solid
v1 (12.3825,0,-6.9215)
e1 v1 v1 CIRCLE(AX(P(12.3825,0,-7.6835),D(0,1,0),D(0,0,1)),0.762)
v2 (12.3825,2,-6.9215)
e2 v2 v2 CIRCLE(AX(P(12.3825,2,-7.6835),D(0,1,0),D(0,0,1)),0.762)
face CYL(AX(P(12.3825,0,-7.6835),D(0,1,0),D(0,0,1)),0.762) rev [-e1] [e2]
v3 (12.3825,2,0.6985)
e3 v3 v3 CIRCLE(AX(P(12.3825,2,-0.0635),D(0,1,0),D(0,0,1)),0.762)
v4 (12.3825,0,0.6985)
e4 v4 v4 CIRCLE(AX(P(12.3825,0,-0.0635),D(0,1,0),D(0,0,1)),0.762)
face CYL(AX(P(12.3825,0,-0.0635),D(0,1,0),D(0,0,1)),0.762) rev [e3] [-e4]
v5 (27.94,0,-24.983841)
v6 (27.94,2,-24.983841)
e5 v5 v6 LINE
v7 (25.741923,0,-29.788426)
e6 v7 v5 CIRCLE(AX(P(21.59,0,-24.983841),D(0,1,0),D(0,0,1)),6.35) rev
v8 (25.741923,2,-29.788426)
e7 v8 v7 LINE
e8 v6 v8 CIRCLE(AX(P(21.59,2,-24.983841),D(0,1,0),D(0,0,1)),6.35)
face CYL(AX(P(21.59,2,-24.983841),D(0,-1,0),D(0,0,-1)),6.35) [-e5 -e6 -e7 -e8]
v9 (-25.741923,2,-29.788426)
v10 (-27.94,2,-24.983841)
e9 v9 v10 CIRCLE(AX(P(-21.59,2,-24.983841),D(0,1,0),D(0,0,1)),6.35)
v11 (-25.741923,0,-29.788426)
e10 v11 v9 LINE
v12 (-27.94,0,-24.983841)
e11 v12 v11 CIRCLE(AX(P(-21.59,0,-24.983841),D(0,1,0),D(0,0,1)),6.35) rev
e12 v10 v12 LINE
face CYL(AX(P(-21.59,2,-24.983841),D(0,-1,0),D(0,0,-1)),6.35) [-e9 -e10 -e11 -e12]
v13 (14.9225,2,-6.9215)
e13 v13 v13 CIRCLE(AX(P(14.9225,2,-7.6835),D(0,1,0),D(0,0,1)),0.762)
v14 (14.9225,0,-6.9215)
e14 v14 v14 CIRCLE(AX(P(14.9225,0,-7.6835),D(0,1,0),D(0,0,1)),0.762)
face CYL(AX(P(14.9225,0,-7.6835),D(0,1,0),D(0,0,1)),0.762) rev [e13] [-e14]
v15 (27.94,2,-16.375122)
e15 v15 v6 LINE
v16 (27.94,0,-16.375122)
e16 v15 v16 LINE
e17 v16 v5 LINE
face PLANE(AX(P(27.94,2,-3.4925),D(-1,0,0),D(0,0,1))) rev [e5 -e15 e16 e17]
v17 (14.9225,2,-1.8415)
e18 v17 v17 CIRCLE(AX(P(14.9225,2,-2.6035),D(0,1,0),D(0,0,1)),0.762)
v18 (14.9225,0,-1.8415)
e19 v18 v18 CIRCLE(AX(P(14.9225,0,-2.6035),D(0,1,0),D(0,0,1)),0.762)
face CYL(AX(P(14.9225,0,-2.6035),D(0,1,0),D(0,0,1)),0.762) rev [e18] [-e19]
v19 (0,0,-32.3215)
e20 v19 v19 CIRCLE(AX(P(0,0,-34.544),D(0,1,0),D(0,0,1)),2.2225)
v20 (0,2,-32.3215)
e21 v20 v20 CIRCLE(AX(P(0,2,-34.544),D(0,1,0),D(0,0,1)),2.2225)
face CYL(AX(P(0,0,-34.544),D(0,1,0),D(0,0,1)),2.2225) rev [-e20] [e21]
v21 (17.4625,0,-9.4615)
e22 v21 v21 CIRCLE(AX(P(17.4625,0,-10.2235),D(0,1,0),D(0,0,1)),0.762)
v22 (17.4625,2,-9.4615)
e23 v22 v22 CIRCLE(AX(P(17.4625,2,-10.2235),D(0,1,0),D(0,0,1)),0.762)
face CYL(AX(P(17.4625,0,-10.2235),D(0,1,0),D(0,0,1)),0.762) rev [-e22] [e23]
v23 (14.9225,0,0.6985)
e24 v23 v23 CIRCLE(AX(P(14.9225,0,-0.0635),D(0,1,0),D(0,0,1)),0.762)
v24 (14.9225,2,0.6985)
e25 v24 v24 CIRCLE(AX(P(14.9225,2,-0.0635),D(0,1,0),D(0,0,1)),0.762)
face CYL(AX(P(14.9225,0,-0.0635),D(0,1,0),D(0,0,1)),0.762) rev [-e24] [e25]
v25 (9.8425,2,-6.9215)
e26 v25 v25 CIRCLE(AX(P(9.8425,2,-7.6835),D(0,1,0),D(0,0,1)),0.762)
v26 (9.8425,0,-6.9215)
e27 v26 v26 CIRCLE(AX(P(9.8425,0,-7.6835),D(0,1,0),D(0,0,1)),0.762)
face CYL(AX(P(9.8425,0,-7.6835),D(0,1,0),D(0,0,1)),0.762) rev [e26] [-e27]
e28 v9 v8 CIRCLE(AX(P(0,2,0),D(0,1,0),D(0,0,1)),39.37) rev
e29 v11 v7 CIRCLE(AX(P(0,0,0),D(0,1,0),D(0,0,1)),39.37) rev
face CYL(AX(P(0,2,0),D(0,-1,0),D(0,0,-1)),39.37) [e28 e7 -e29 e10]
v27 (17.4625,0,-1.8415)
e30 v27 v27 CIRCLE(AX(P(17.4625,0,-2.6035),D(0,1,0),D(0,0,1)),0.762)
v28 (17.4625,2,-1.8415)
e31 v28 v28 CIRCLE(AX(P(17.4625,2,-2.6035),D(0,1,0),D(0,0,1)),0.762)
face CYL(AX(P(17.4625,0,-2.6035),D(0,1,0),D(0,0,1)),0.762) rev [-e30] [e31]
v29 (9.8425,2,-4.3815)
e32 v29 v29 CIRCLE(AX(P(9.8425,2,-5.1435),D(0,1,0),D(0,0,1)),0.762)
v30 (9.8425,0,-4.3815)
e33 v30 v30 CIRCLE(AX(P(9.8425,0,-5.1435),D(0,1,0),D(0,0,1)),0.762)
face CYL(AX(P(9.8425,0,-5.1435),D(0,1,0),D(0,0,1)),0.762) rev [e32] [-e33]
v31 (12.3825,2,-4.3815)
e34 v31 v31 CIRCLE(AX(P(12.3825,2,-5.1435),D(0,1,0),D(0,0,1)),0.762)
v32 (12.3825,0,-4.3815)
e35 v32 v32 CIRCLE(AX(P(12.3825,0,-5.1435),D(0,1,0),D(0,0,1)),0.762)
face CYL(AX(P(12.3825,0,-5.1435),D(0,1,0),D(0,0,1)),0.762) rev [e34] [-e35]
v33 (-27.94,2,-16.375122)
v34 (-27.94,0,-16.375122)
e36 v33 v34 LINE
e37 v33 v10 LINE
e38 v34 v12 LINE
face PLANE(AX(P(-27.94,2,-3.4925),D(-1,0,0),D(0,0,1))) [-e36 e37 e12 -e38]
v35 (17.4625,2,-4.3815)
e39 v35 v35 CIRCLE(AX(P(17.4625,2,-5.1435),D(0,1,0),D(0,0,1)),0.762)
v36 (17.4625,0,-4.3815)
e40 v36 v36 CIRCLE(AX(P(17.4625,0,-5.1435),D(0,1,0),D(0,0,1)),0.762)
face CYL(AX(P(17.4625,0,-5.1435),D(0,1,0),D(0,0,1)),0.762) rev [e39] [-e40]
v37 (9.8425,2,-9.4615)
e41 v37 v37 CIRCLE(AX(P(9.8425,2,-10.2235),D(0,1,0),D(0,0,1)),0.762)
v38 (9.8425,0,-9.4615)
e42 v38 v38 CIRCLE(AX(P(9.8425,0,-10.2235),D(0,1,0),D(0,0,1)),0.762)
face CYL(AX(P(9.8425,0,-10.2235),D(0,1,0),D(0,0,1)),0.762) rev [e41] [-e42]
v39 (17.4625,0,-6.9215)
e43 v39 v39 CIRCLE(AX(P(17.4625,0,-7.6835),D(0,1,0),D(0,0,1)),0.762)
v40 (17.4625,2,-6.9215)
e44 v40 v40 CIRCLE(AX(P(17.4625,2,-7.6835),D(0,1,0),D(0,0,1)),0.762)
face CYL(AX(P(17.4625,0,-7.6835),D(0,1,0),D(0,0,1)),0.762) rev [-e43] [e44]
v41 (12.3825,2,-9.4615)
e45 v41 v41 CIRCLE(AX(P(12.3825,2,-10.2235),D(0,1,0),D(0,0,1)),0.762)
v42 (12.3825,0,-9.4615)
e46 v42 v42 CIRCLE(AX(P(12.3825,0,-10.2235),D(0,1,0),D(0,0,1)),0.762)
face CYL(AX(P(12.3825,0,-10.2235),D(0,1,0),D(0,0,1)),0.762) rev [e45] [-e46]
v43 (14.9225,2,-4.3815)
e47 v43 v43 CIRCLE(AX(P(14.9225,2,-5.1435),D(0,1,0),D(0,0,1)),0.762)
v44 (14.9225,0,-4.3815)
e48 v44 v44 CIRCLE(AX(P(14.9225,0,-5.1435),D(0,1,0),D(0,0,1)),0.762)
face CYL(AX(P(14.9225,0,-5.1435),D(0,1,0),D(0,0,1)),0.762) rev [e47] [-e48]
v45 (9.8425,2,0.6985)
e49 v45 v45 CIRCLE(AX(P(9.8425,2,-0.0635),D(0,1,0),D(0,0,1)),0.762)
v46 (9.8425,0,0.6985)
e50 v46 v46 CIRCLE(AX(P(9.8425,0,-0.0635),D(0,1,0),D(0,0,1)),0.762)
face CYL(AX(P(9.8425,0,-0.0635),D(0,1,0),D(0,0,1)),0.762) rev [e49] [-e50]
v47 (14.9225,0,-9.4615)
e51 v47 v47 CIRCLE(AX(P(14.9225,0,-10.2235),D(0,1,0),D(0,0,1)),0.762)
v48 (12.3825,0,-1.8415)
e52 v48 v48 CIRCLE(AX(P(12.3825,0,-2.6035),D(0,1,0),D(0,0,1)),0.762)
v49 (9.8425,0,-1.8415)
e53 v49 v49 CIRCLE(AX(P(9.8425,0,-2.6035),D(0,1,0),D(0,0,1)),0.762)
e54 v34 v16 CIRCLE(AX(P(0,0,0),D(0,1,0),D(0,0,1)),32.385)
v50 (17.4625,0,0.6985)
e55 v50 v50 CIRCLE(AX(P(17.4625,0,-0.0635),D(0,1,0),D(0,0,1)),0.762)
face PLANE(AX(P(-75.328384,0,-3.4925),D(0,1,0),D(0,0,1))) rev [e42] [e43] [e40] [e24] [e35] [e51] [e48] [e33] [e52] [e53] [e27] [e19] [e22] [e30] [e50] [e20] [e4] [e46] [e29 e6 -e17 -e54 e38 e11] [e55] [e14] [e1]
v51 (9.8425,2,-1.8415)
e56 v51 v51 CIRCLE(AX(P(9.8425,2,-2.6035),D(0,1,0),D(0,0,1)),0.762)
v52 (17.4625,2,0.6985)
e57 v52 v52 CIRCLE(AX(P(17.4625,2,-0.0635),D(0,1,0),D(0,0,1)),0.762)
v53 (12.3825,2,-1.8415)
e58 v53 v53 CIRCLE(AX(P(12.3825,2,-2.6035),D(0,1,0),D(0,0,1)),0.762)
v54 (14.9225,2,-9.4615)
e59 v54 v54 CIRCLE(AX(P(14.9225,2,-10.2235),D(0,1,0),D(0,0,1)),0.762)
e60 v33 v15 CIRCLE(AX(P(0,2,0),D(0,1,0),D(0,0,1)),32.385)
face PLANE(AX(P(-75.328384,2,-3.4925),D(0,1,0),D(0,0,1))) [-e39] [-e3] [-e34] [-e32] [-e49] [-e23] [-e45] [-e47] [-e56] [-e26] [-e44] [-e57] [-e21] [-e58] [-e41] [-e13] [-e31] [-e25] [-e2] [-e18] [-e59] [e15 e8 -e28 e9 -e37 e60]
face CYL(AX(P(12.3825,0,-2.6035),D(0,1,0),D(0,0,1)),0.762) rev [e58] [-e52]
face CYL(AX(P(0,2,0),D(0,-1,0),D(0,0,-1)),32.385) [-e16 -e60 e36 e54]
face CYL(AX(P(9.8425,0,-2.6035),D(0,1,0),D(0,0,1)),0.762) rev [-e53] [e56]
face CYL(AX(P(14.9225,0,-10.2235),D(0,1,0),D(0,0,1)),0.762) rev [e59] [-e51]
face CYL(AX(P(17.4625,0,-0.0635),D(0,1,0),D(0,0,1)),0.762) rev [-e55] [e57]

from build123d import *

# Parameters (mm, degrees)
SKETCH1_R           = 32.385
BOSS_EXTRUDE1_DEPTH = 2
FILLET1_R           = 6.35
SKETCH2_R           = 2.2225
CUT_EXTRUDE1_DEPTH  = 52.017498224
SKETCH5_R           = 0.762
CUT_EXTRUDE2_DEPTH  = 52.017498224


with BuildPart() as part:
    # Sketch1 → Boss-Extrude1 (new body)
    with BuildSketch(Plane(origin=(0, 0, 0), x_dir=(1, 0, 0), z_dir=(0, 1, 0))):
        Circle(SKETCH1_R)
        with BuildLine():
            Line((-27.94, 27.737218678), (-27.94, 16.375122137))
            ThreePointArc((-27.94, 16.375122137), (0, 32.385), (27.94, 16.375122137))
            Line((27.94, 16.375122137), (27.94, 27.737218678))
            ThreePointArc((27.94, 27.737218678), (0, 39.37), (-27.94, 27.737218678))
        make_face()
    extrude(amount=BOSS_EXTRUDE1_DEPTH)

    # Fillet1
    fillet1_edges = [part.edges().sort_by_distance(p)[0] for p in [
        (-27.94, 1, -27.737218678),
        (27.94, 1, -27.737218678),
    ]]
    fillet(fillet1_edges, radius=FILLET1_R)

    # Sketch2 → Cut-Extrude1 (cut, through all)
    with BuildSketch(Plane(origin=(0, 2, 0), x_dir=(1, 0, 0), z_dir=(0, 1, 0))):
        with Locations(Location((0, 34.544, 0), (0, 0, 270))):
            Circle(SKETCH2_R)
    extrude(amount=-CUT_EXTRUDE1_DEPTH, mode=Mode.SUBTRACT)

    # Sketch5 → Cut-Extrude2 (cut, through all)
    with BuildSketch(Plane(origin=(0, 2, 0), x_dir=(1, 0, 0), z_dir=(0, 1, 0))):
        with Locations(Location((9.8425, 10.2235, 0), (0, 0, 270))):
            Circle(SKETCH5_R)
        with Locations(Location((12.3825, 10.2235, 0), (0, 0, 270))):
            Circle(SKETCH5_R)
        with Locations(Location((14.9225, 10.2235, 0), (0, 0, 270))):
            Circle(SKETCH5_R)
        with Locations(Location((17.4625, 10.2235, 0), (0, 0, 270))):
            Circle(SKETCH5_R)
        with Locations(Location((9.8425, 7.6835, 0), (0, 0, 270))):
            Circle(SKETCH5_R)
        with Locations(Location((12.3825, 7.6835, 0), (0, 0, 270))):
            Circle(SKETCH5_R)
        with Locations(Location((14.9225, 7.6835, 0), (0, 0, 270))):
            Circle(SKETCH5_R)
        with Locations(Location((17.4625, 7.6835, 0), (0, 0, 270))):
            Circle(SKETCH5_R)
        with Locations(Location((9.8425, 5.1435, 0), (0, 0, 270))):
            Circle(SKETCH5_R)
        with Locations(Location((12.3825, 5.1435, 0), (0, 0, 270))):
            Circle(SKETCH5_R)
        with Locations(Location((14.9225, 5.1435, 0), (0, 0, 270))):
            Circle(SKETCH5_R)
        with Locations(Location((17.4625, 5.1435, 0), (0, 0, 270))):
            Circle(SKETCH5_R)
        with Locations(Location((9.8425, 2.6035, 0), (0, 0, 270))):
            Circle(SKETCH5_R)
        with Locations(Location((12.3825, 2.6035, 0), (0, 0, 270))):
            Circle(SKETCH5_R)
        with Locations(Location((14.9225, 2.6035, 0), (0, 0, 270))):
            Circle(SKETCH5_R)
        with Locations(Location((17.4625, 2.6035, 0), (0, 0, 270))):
            Circle(SKETCH5_R)
        with Locations(Location((9.8425, 0.0635, 0), (0, 0, 270))):
            Circle(SKETCH5_R)
        with Locations(Location((12.3825, 0.0635, 0), (0, 0, 270))):
            Circle(SKETCH5_R)
        with Locations(Location((14.9225, 0.0635, 0), (0, 0, 270))):
            Circle(SKETCH5_R)
        with Locations(Location((17.4625, 0.0635, 0), (0, 0, 270))):
            Circle(SKETCH5_R)
    extrude(amount=-CUT_EXTRUDE2_DEPTH, mode=Mode.SUBTRACT)


solid = part.part
